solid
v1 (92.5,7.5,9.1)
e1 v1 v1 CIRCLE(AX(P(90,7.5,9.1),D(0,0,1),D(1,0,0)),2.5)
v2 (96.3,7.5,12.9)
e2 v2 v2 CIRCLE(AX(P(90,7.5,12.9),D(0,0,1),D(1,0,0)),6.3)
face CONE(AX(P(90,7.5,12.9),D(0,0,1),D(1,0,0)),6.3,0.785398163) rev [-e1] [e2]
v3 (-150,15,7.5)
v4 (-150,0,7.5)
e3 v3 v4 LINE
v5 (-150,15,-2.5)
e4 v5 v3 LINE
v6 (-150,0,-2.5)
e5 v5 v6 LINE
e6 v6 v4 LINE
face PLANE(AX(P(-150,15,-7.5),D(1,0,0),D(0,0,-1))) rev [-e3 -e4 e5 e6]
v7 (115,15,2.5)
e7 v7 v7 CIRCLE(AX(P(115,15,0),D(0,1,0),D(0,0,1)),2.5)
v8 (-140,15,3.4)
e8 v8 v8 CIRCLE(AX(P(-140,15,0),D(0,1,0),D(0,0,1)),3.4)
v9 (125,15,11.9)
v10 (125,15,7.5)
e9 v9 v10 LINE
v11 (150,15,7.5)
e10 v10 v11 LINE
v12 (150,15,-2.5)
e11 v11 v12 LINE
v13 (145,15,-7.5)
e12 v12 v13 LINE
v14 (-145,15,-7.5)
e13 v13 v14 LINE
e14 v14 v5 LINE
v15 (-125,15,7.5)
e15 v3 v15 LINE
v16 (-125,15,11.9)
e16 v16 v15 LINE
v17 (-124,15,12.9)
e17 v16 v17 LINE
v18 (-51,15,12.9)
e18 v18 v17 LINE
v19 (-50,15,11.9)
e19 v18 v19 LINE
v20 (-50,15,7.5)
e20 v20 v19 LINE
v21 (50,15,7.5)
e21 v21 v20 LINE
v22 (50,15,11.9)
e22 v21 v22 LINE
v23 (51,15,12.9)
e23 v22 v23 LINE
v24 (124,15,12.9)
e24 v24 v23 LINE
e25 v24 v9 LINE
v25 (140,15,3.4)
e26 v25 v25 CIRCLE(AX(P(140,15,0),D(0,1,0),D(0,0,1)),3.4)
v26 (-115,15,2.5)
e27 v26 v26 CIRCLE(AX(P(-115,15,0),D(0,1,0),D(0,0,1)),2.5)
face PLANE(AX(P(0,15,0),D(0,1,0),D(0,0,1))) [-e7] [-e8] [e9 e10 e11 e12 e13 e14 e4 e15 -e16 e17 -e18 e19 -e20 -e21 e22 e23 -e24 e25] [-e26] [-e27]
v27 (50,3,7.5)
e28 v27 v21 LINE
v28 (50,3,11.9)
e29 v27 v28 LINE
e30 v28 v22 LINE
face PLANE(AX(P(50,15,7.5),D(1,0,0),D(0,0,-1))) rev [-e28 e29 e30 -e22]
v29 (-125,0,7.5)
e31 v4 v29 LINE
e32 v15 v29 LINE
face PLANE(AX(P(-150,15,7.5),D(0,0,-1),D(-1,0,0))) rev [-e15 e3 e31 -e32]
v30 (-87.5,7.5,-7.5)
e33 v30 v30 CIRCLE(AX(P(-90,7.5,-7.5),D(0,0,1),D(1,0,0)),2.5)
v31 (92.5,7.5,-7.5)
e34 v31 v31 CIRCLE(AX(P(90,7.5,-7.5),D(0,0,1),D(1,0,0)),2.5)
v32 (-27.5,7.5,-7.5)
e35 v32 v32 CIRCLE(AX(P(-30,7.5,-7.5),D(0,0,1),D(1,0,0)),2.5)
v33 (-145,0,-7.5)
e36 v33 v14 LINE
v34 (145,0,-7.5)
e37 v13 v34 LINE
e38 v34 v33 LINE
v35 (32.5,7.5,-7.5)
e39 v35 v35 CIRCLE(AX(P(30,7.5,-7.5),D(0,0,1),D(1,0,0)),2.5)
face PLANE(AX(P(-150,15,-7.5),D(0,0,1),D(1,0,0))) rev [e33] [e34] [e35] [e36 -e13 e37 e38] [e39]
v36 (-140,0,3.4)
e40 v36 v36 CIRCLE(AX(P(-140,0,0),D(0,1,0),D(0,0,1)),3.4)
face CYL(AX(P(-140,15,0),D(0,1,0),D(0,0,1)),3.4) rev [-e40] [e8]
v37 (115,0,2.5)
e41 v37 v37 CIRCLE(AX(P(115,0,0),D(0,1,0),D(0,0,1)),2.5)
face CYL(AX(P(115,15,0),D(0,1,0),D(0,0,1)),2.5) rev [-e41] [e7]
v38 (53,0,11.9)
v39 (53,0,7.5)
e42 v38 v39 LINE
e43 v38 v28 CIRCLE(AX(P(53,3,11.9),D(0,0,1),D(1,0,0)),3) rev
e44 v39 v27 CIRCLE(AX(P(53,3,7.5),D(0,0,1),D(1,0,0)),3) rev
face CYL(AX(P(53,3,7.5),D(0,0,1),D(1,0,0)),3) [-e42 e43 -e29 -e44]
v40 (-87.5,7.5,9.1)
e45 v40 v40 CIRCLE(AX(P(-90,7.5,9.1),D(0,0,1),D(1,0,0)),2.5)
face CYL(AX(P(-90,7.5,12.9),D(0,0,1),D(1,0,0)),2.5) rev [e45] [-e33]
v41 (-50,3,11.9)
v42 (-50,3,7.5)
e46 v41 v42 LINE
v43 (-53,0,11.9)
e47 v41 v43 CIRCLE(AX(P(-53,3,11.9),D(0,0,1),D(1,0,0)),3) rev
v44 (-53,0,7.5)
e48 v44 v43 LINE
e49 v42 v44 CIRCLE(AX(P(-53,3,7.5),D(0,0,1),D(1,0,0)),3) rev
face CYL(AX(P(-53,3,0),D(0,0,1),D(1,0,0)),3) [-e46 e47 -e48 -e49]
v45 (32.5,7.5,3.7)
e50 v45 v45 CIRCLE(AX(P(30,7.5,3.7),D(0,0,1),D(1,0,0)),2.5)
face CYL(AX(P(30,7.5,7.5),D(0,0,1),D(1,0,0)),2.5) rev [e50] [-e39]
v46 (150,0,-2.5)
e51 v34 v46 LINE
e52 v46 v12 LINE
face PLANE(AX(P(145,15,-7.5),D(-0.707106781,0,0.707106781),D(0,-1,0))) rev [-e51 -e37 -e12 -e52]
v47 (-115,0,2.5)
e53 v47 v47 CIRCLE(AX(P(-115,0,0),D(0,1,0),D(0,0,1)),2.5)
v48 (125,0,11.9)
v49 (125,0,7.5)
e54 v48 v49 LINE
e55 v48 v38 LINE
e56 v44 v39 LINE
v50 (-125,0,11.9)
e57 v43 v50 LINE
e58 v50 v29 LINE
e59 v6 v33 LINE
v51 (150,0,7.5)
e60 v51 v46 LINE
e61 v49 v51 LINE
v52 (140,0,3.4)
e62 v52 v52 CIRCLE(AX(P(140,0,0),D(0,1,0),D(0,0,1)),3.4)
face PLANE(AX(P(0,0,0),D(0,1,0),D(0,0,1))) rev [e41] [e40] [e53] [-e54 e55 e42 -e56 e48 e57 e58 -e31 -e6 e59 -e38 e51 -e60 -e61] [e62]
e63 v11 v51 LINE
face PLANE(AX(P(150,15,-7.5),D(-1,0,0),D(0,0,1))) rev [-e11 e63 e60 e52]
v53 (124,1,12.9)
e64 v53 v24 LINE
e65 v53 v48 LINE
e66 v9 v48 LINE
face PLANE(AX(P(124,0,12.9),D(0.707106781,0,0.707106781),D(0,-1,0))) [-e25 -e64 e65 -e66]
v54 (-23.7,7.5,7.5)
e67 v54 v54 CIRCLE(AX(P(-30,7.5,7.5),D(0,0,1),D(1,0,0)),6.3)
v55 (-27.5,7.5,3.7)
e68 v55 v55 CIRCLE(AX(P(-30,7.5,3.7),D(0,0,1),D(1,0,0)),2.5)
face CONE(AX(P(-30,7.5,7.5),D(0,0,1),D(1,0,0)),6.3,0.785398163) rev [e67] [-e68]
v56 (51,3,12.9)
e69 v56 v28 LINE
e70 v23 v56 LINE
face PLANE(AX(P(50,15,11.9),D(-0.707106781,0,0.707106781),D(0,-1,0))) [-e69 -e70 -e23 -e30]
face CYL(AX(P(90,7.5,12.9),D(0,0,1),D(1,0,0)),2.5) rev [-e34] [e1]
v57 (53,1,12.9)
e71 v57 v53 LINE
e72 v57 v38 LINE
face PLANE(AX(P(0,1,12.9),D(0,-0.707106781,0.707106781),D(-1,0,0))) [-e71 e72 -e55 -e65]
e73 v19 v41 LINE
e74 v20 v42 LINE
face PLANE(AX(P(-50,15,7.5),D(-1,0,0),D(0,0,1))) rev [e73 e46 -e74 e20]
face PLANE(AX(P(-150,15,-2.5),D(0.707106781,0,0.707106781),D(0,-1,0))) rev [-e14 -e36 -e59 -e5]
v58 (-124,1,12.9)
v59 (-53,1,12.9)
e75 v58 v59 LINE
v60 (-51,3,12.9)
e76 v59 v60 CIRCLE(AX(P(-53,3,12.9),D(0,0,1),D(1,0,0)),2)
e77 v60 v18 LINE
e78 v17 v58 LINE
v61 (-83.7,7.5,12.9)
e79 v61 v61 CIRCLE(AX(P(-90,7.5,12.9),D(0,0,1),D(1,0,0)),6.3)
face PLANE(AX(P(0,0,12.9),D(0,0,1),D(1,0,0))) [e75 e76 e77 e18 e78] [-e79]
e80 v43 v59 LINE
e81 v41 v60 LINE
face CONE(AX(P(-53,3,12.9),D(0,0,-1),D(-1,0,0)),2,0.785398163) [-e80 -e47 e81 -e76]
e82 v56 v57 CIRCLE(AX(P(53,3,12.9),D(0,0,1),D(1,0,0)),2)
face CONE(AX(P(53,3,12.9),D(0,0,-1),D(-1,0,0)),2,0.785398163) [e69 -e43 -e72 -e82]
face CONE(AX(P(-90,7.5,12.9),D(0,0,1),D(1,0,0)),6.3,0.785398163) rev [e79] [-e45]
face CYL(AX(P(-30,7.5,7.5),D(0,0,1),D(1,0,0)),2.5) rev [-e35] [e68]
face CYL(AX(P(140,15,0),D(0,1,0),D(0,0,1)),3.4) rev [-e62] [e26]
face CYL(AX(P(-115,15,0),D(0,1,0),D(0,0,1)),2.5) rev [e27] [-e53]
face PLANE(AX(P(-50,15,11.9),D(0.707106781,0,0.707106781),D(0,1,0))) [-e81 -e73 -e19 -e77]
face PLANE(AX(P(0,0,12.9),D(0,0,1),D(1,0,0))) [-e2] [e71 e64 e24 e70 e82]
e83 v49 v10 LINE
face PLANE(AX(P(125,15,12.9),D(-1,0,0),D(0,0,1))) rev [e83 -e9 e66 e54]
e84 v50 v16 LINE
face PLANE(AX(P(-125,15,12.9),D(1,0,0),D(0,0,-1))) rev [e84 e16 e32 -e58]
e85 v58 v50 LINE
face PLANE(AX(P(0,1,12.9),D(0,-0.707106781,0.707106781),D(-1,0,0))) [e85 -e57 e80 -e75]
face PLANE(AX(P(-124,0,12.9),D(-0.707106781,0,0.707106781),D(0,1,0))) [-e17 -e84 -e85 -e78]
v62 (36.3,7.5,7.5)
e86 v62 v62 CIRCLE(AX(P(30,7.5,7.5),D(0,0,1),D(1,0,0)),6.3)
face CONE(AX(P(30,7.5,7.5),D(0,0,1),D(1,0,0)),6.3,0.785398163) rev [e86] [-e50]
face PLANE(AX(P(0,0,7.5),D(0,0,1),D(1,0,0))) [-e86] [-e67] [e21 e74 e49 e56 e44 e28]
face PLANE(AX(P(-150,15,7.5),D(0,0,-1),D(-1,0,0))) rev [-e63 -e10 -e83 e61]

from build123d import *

# Parameters (mm, degrees)
SKETCH_1_W                   = 300
SKETCH_1_H                   = 15
EXTRUDE_345_DEPTH            = 15
HOLE_WIZARD_M6_D             = 5
HOLE_WIZARD_M8_D             = 6.8
SKETCH_8_W                   = 250
SKETCH_8_H                   = 15
EXTRUDE_2518_DEPTH           = 5.4
SKETCH_10_W                  = 100
SKETCH_10_H                  = 15
CUT_EXTRUDE_2855_DEPTH       = 5.4
HOLE_WIZARD_1_M6_D           = 5
HOLE_WIZARD_1_M6_CSINK_D     = 12.6
HOLE_WIZARD_1_M6_CSINK_ANGLE = 90
HOLE_WIZARD_2_M6_D           = 5
HOLE_WIZARD_2_M6_CSINK_D     = 12.6
HOLE_WIZARD_2_M6_CSINK_ANGLE = 90
FILLET_1_R                   = 3
CHAMFER_1_SIZE               = 5
CHAMFER_2_SIZE               = 1


with BuildPart() as part:
    # Эскиз1 → Extrude 345 (new body)
    with BuildSketch(Plane(origin=(0, 0, 0), x_dir=(1, 0, 0), z_dir=(0, 1, 0))):
        Rectangle(SKETCH_1_W, SKETCH_1_H)
    extrude(amount=EXTRUDE_345_DEPTH)

    # Крепление шарнира M6 (through all)
    with Locations(Plane(origin=(0, 15, 0), x_dir=(1, 0, 0), z_dir=(0, 1, 0))):
        with Locations((-115, 0), (115, 0)):
            Hole(HOLE_WIZARD_M6_D / 2)

    # Шпилька-M8 (through all)
    with Locations(Plane(origin=(0, 15, 0), x_dir=(1, 0, 0), z_dir=(0, 1, 0))):
        with Locations((-140, 0), (140, 0)):
            Hole(HOLE_WIZARD_M8_D / 2)

    # Эскиз8 → Extrude 2518 (add)
    with BuildSketch(Plane.XY.offset(7.5)):
        with Locations((0, 7.5)):
            Rectangle(SKETCH_8_W, SKETCH_8_H)
    extrude(amount=EXTRUDE_2518_DEPTH)

    # Эскиз10 → Cut-Extrude 2855 (cut)
    with BuildSketch(Plane.XY.offset(12.9)):
        with Locations((0, 7.5)):
            Rectangle(SKETCH_10_W, SKETCH_10_H)
    extrude(amount=-CUT_EXTRUDE_2855_DEPTH, mode=Mode.SUBTRACT)

    # Прижим-1-M6 (through all)
    with Locations(Plane.XY.offset(12.9)):
        with Locations((-90, 7.5), (90, 7.5)):
            CounterSinkHole(HOLE_WIZARD_1_M6_D / 2, HOLE_WIZARD_1_M6_CSINK_D / 2, counter_sink_angle=HOLE_WIZARD_1_M6_CSINK_ANGLE)

    # Прижим-2-M6 (through all)
    with Locations(Plane.XY.offset(7.5)):
        with Locations((-30, 7.5), (30, 7.5)):
            CounterSinkHole(HOLE_WIZARD_2_M6_D / 2, HOLE_WIZARD_2_M6_CSINK_D / 2, counter_sink_angle=HOLE_WIZARD_2_M6_CSINK_ANGLE)

    # Скругление1
    fillet_1_edges = [part.edges().sort_by_distance(p)[0] for p in [
        (-50, 0, 10.2),
        (50, 0, 10.2),
    ]]
    fillet(fillet_1_edges, radius=FILLET_1_R)

    # Фаска1
    chamfer_1_edges = [part.edges().sort_by_distance(p)[0] for p in [
        (-150, 7.5, -7.5),
        (150, 7.5, -7.5),
    ]]
    chamfer(chamfer_1_edges, length=CHAMFER_1_SIZE)

    # Фаска2
    chamfer_2_edges = [part.edges().sort_by_distance(p)[0] for p in [
        (-125, 7.5, 12.9),
        (-89, 0, 12.9),
        (125, 7.5, 12.9),
        (-50, 9, 12.9),
        (50, 9, 12.9),
        (89, 0, 12.9),
        (50.878679656, 0.878679656, 12.9),
        (-50.878679656, 0.878679656, 12.9),
    ]]
    chamfer(chamfer_2_edges, length=CHAMFER_2_SIZE)


solid = part.part
